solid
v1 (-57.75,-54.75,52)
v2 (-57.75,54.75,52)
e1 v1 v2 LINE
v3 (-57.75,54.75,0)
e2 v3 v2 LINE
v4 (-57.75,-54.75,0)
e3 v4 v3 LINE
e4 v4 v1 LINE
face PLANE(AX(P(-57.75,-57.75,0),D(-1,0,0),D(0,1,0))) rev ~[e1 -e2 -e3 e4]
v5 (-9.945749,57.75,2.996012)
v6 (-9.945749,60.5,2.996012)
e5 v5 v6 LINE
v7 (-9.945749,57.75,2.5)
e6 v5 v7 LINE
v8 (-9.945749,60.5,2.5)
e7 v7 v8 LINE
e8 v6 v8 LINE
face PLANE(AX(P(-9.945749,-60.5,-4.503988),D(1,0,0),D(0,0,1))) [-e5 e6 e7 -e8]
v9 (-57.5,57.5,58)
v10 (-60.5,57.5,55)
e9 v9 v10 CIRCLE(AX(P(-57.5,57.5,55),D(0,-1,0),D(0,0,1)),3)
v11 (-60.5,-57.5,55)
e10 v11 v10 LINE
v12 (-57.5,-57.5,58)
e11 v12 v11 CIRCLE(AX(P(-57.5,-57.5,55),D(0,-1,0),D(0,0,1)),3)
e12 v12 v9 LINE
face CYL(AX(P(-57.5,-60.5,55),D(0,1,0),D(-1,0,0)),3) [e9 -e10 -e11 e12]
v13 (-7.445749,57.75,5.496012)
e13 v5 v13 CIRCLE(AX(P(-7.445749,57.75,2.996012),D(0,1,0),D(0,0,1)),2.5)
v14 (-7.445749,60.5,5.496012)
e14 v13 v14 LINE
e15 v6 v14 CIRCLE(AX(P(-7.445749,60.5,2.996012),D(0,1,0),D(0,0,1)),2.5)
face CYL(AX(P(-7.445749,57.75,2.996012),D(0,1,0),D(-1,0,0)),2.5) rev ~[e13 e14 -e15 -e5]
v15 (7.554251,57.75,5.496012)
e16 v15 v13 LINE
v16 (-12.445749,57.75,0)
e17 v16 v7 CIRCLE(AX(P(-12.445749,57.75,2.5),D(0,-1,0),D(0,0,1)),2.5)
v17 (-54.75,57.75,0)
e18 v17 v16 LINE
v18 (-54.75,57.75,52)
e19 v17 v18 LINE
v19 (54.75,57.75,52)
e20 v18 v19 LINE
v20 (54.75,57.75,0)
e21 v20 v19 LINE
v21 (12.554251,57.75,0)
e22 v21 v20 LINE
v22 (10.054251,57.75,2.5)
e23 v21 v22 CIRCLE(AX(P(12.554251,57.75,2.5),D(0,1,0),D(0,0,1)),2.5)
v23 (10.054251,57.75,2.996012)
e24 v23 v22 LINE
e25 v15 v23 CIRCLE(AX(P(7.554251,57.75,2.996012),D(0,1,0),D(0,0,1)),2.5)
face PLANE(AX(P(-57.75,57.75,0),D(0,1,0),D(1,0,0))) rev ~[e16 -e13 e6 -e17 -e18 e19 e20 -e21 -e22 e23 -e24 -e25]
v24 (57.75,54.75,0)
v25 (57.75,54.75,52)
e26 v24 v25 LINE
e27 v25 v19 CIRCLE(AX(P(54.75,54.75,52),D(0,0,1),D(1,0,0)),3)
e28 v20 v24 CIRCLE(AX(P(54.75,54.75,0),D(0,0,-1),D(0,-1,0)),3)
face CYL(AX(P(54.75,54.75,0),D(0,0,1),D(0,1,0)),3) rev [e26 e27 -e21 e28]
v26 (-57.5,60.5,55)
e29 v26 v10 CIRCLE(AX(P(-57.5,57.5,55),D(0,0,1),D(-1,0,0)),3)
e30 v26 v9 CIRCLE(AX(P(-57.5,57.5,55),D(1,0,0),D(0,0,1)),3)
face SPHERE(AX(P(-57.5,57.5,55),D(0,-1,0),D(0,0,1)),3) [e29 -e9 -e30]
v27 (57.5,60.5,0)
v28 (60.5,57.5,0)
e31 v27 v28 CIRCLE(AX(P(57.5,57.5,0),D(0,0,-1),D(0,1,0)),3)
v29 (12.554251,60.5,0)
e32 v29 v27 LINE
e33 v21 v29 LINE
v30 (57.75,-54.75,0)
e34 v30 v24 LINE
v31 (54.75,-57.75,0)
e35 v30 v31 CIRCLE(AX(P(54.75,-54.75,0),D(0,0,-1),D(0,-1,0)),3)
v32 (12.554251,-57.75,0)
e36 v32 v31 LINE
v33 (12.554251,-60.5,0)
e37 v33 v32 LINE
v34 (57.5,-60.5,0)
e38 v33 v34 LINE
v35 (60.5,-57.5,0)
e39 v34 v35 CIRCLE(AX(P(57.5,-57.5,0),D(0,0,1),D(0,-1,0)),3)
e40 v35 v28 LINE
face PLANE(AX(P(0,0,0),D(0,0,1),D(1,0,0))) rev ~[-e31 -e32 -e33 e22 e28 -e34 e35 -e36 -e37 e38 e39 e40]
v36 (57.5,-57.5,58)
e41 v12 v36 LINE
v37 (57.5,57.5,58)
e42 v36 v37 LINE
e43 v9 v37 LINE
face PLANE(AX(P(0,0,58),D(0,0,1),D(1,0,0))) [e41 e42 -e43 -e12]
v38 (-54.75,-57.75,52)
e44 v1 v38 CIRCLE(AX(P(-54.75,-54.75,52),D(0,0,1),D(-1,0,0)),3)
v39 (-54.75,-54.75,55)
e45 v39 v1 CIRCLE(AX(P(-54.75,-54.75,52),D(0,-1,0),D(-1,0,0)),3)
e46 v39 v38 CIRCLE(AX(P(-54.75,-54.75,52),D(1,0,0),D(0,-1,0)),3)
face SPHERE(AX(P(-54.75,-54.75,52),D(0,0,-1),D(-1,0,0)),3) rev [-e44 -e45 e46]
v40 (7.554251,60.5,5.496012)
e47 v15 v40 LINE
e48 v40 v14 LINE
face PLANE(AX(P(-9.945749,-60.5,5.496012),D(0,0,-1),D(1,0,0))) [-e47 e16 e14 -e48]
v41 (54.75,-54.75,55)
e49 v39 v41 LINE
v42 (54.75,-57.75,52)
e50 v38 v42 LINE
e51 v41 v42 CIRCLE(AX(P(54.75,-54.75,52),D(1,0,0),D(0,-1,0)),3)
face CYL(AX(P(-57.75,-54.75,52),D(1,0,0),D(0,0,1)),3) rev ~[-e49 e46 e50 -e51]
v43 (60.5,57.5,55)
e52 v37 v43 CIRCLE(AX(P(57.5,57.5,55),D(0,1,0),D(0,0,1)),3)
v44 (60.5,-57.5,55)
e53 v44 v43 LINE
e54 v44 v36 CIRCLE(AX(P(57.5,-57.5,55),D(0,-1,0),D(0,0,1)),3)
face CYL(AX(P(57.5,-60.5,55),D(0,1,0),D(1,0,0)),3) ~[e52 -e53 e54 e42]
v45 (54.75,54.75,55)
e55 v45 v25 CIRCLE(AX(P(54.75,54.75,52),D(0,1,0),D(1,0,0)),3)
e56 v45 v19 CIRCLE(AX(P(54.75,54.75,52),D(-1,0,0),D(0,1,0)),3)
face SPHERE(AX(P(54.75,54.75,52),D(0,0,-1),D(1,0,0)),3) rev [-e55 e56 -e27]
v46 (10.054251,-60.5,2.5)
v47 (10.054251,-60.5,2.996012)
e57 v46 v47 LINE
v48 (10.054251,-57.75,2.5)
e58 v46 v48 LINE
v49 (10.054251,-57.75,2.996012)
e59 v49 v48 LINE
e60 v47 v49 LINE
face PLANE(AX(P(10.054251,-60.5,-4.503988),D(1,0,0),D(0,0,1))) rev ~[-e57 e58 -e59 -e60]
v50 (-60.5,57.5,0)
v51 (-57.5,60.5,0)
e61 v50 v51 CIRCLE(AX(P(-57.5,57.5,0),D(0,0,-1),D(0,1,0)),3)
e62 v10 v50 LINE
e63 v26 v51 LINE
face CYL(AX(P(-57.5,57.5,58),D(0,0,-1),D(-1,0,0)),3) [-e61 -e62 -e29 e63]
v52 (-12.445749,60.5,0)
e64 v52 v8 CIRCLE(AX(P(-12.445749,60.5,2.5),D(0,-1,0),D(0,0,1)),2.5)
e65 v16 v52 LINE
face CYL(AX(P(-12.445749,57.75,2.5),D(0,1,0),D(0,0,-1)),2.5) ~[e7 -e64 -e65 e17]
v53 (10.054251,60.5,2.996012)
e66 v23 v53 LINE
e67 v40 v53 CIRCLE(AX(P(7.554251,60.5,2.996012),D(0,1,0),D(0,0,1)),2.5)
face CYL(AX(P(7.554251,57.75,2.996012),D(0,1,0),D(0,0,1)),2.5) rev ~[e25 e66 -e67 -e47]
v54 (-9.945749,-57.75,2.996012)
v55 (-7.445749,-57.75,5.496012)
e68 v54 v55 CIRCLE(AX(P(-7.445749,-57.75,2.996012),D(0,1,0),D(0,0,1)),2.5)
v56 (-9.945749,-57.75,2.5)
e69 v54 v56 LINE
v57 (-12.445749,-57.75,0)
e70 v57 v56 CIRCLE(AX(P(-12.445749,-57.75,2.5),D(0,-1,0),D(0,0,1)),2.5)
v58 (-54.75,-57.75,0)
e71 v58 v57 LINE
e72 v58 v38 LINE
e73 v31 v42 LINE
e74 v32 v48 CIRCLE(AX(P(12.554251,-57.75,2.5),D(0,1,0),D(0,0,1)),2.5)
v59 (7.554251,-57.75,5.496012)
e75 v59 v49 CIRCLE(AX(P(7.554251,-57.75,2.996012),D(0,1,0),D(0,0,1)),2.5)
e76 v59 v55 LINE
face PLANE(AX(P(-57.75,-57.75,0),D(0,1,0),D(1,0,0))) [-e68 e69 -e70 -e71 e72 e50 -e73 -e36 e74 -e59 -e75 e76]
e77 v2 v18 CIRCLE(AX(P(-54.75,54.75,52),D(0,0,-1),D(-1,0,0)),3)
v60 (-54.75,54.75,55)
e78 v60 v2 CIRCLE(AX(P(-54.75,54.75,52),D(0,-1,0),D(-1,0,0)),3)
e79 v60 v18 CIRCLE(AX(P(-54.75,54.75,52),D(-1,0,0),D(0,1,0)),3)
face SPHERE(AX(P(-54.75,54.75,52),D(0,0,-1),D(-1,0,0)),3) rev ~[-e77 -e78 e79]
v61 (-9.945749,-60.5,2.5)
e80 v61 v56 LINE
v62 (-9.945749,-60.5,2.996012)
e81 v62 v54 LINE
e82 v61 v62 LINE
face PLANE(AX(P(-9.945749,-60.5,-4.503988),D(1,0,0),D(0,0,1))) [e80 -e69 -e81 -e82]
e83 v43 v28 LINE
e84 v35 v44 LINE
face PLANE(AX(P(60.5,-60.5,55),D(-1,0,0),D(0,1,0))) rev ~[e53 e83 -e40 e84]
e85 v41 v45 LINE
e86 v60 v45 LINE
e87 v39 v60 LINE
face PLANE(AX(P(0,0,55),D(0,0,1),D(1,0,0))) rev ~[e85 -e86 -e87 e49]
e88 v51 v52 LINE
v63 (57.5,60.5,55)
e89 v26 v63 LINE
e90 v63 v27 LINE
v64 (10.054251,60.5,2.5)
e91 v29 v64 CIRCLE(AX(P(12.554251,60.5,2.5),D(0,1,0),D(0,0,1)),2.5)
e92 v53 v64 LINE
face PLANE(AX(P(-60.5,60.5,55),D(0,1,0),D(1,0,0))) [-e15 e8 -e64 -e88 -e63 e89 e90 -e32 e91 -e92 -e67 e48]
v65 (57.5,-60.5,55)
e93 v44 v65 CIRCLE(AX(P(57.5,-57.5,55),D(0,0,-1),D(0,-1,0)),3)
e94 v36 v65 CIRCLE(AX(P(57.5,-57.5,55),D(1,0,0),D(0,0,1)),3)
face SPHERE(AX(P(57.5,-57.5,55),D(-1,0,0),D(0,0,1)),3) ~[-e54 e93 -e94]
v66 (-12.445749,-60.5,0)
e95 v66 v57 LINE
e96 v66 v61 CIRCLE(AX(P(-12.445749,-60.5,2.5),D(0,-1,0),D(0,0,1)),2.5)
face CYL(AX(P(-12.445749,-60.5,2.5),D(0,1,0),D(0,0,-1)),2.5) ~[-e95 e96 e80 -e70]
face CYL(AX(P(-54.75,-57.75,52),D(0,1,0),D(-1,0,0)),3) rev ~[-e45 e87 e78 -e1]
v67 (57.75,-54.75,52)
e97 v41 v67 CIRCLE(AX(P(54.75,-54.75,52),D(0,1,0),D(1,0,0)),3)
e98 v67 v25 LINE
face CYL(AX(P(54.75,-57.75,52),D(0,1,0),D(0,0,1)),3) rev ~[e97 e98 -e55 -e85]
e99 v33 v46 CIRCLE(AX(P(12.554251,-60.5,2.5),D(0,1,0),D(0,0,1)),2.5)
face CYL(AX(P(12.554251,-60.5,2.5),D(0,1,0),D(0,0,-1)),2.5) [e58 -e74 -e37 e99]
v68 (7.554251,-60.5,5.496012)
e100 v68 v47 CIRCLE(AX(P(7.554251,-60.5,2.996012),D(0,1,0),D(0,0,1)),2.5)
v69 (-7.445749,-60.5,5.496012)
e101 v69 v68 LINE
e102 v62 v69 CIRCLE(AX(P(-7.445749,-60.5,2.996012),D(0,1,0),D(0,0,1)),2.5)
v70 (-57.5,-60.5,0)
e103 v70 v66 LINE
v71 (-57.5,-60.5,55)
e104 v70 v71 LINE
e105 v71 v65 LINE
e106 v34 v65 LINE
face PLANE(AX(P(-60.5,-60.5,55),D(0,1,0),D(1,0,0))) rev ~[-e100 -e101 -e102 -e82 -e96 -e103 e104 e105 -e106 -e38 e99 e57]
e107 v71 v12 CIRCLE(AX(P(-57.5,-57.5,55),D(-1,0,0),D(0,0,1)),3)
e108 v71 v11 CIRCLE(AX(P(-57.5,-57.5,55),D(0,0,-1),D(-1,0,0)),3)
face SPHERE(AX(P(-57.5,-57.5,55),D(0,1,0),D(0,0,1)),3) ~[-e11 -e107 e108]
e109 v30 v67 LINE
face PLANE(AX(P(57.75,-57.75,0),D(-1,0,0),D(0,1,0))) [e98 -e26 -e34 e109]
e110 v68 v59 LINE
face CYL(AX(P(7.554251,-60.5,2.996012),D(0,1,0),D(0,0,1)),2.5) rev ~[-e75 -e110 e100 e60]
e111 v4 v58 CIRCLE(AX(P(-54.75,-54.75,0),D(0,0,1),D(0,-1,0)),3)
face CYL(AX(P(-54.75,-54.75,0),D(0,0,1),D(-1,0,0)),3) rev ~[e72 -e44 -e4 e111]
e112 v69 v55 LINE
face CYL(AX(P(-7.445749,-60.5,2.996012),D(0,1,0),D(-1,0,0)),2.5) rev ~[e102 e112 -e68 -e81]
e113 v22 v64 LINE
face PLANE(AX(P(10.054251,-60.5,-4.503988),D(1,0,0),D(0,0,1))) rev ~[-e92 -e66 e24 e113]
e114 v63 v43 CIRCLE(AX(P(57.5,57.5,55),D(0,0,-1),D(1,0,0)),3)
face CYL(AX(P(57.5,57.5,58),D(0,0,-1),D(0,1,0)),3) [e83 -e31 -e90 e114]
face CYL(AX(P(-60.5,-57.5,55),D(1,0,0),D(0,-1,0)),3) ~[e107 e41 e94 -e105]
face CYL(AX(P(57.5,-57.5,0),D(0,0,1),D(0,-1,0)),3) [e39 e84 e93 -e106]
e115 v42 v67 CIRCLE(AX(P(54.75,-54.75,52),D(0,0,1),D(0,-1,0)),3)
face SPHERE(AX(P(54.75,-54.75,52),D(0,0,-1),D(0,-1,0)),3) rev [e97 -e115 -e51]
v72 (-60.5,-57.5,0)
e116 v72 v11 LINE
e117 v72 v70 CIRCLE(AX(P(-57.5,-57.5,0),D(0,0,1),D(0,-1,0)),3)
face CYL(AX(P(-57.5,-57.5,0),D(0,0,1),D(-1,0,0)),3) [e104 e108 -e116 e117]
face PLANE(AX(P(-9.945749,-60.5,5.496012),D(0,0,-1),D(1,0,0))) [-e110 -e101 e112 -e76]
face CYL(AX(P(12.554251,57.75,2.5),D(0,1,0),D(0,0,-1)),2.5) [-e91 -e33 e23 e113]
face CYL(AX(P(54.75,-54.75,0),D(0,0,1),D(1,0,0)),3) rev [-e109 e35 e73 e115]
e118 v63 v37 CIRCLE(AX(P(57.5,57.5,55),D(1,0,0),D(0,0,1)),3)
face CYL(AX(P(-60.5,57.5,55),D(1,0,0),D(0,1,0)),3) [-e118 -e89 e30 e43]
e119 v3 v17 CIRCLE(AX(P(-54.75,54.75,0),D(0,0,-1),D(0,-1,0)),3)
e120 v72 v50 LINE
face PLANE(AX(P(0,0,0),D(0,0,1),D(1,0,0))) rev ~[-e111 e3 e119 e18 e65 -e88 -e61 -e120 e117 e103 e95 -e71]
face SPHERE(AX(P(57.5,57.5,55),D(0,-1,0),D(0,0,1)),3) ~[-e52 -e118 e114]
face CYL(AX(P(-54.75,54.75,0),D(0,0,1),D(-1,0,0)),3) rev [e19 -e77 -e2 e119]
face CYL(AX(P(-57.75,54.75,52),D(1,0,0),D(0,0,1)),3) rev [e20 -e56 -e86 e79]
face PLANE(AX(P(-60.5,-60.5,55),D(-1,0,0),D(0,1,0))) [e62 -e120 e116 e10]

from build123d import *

# Parameters (mm, degrees)
SKETCH1_W           = 121
SKETCH1_H           = 121
SKETCH1_W_2         = 115.5
SKETCH1_H_2         = 115.5
BOSS_EXTRUDE1_DEPTH = 55
SKETCH2_W           = 121
SKETCH2_H           = 121
BOSS_EXTRUDE2_DEPTH = 3
FILLET1_R           = 3
FILLET2_R           = 3
SKETCH3_W           = 20
SKETCH3_H           = 10
CUT_EXTRUDE1_DEPTH  = 177
FILLET3_R           = 2.5
FILLET4_R           = 2.5


with BuildPart() as part:
    # Sketch1 → Boss-Extrude1 (new body)
    with BuildSketch(Plane.XY):
        Rectangle(SKETCH1_W, SKETCH1_H)
        Rectangle(SKETCH1_W_2, SKETCH1_H_2, mode=Mode.SUBTRACT)
    extrude(amount=BOSS_EXTRUDE1_DEPTH)

    # Sketch2 → Boss-Extrude2 (add)
    with BuildSketch(Plane.XY.offset(55)):
        Rectangle(SKETCH2_W, SKETCH2_H)
    extrude(amount=BOSS_EXTRUDE2_DEPTH)

    # Fillet1
    fillet1_edges = [part.edges().sort_by_distance(p)[0] for p in [
        (-57.75, 57.75, 27.5),
        (-57.75, -57.75, 27.5),
        (57.75, -57.75, 27.5),
        (57.75, 57.75, 27.5),
        (-57.75, 0, 55),
        (0, -57.75, 55),
        (57.75, 0, 55),
        (0, 57.75, 55),
    ]]
    fillet(fillet1_edges, radius=FILLET1_R)

    # Fillet2
    fillet2_edges = [part.edges().sort_by_distance(p)[0] for p in [
        (-60.5, 0, 58),
        (0, -60.5, 58),
        (60.5, 0, 58),
        (0, 60.5, 58),
        (-60.5, 60.5, 29),
        (60.5, 60.5, 29),
        (60.5, -60.5, 29),
        (-60.5, -60.5, 29),
    ]]
    fillet(fillet2_edges, radius=FILLET2_R)

    # Sketch3 → Cut-Extrude1 (cut)
    with BuildSketch(Plane.XZ.offset(60.5)):
        with Locations((0.054250772, 0.496011987)):
            Rectangle(SKETCH3_W, SKETCH3_H)
    extrude(amount=-CUT_EXTRUDE1_DEPTH, mode=Mode.SUBTRACT)

    # Fillet3
    fillet3_edges = [part.edges().sort_by_distance(p)[0] for p in [
        (-9.945749228, -59.125, 0),
        (-9.945749228, -59.125, 5.496011987),
        (10.054250772, -59.125, 0),
        (10.054250772, -59.125, 5.496011987),
    ]]
    fillet(fillet3_edges, radius=FILLET3_R)

    # Fillet4
    fillet4_edges = [part.edges().sort_by_distance(p)[0] for p in [
        (-9.945749228, 59.125, 0),
        (-9.945749228, 59.125, 5.496011987),
        (10.054250772, 59.125, 0),
        (10.054250772, 59.125, 5.496011987),
    ]]
    fillet(fillet4_edges, radius=FILLET4_R)


solid = part.part
